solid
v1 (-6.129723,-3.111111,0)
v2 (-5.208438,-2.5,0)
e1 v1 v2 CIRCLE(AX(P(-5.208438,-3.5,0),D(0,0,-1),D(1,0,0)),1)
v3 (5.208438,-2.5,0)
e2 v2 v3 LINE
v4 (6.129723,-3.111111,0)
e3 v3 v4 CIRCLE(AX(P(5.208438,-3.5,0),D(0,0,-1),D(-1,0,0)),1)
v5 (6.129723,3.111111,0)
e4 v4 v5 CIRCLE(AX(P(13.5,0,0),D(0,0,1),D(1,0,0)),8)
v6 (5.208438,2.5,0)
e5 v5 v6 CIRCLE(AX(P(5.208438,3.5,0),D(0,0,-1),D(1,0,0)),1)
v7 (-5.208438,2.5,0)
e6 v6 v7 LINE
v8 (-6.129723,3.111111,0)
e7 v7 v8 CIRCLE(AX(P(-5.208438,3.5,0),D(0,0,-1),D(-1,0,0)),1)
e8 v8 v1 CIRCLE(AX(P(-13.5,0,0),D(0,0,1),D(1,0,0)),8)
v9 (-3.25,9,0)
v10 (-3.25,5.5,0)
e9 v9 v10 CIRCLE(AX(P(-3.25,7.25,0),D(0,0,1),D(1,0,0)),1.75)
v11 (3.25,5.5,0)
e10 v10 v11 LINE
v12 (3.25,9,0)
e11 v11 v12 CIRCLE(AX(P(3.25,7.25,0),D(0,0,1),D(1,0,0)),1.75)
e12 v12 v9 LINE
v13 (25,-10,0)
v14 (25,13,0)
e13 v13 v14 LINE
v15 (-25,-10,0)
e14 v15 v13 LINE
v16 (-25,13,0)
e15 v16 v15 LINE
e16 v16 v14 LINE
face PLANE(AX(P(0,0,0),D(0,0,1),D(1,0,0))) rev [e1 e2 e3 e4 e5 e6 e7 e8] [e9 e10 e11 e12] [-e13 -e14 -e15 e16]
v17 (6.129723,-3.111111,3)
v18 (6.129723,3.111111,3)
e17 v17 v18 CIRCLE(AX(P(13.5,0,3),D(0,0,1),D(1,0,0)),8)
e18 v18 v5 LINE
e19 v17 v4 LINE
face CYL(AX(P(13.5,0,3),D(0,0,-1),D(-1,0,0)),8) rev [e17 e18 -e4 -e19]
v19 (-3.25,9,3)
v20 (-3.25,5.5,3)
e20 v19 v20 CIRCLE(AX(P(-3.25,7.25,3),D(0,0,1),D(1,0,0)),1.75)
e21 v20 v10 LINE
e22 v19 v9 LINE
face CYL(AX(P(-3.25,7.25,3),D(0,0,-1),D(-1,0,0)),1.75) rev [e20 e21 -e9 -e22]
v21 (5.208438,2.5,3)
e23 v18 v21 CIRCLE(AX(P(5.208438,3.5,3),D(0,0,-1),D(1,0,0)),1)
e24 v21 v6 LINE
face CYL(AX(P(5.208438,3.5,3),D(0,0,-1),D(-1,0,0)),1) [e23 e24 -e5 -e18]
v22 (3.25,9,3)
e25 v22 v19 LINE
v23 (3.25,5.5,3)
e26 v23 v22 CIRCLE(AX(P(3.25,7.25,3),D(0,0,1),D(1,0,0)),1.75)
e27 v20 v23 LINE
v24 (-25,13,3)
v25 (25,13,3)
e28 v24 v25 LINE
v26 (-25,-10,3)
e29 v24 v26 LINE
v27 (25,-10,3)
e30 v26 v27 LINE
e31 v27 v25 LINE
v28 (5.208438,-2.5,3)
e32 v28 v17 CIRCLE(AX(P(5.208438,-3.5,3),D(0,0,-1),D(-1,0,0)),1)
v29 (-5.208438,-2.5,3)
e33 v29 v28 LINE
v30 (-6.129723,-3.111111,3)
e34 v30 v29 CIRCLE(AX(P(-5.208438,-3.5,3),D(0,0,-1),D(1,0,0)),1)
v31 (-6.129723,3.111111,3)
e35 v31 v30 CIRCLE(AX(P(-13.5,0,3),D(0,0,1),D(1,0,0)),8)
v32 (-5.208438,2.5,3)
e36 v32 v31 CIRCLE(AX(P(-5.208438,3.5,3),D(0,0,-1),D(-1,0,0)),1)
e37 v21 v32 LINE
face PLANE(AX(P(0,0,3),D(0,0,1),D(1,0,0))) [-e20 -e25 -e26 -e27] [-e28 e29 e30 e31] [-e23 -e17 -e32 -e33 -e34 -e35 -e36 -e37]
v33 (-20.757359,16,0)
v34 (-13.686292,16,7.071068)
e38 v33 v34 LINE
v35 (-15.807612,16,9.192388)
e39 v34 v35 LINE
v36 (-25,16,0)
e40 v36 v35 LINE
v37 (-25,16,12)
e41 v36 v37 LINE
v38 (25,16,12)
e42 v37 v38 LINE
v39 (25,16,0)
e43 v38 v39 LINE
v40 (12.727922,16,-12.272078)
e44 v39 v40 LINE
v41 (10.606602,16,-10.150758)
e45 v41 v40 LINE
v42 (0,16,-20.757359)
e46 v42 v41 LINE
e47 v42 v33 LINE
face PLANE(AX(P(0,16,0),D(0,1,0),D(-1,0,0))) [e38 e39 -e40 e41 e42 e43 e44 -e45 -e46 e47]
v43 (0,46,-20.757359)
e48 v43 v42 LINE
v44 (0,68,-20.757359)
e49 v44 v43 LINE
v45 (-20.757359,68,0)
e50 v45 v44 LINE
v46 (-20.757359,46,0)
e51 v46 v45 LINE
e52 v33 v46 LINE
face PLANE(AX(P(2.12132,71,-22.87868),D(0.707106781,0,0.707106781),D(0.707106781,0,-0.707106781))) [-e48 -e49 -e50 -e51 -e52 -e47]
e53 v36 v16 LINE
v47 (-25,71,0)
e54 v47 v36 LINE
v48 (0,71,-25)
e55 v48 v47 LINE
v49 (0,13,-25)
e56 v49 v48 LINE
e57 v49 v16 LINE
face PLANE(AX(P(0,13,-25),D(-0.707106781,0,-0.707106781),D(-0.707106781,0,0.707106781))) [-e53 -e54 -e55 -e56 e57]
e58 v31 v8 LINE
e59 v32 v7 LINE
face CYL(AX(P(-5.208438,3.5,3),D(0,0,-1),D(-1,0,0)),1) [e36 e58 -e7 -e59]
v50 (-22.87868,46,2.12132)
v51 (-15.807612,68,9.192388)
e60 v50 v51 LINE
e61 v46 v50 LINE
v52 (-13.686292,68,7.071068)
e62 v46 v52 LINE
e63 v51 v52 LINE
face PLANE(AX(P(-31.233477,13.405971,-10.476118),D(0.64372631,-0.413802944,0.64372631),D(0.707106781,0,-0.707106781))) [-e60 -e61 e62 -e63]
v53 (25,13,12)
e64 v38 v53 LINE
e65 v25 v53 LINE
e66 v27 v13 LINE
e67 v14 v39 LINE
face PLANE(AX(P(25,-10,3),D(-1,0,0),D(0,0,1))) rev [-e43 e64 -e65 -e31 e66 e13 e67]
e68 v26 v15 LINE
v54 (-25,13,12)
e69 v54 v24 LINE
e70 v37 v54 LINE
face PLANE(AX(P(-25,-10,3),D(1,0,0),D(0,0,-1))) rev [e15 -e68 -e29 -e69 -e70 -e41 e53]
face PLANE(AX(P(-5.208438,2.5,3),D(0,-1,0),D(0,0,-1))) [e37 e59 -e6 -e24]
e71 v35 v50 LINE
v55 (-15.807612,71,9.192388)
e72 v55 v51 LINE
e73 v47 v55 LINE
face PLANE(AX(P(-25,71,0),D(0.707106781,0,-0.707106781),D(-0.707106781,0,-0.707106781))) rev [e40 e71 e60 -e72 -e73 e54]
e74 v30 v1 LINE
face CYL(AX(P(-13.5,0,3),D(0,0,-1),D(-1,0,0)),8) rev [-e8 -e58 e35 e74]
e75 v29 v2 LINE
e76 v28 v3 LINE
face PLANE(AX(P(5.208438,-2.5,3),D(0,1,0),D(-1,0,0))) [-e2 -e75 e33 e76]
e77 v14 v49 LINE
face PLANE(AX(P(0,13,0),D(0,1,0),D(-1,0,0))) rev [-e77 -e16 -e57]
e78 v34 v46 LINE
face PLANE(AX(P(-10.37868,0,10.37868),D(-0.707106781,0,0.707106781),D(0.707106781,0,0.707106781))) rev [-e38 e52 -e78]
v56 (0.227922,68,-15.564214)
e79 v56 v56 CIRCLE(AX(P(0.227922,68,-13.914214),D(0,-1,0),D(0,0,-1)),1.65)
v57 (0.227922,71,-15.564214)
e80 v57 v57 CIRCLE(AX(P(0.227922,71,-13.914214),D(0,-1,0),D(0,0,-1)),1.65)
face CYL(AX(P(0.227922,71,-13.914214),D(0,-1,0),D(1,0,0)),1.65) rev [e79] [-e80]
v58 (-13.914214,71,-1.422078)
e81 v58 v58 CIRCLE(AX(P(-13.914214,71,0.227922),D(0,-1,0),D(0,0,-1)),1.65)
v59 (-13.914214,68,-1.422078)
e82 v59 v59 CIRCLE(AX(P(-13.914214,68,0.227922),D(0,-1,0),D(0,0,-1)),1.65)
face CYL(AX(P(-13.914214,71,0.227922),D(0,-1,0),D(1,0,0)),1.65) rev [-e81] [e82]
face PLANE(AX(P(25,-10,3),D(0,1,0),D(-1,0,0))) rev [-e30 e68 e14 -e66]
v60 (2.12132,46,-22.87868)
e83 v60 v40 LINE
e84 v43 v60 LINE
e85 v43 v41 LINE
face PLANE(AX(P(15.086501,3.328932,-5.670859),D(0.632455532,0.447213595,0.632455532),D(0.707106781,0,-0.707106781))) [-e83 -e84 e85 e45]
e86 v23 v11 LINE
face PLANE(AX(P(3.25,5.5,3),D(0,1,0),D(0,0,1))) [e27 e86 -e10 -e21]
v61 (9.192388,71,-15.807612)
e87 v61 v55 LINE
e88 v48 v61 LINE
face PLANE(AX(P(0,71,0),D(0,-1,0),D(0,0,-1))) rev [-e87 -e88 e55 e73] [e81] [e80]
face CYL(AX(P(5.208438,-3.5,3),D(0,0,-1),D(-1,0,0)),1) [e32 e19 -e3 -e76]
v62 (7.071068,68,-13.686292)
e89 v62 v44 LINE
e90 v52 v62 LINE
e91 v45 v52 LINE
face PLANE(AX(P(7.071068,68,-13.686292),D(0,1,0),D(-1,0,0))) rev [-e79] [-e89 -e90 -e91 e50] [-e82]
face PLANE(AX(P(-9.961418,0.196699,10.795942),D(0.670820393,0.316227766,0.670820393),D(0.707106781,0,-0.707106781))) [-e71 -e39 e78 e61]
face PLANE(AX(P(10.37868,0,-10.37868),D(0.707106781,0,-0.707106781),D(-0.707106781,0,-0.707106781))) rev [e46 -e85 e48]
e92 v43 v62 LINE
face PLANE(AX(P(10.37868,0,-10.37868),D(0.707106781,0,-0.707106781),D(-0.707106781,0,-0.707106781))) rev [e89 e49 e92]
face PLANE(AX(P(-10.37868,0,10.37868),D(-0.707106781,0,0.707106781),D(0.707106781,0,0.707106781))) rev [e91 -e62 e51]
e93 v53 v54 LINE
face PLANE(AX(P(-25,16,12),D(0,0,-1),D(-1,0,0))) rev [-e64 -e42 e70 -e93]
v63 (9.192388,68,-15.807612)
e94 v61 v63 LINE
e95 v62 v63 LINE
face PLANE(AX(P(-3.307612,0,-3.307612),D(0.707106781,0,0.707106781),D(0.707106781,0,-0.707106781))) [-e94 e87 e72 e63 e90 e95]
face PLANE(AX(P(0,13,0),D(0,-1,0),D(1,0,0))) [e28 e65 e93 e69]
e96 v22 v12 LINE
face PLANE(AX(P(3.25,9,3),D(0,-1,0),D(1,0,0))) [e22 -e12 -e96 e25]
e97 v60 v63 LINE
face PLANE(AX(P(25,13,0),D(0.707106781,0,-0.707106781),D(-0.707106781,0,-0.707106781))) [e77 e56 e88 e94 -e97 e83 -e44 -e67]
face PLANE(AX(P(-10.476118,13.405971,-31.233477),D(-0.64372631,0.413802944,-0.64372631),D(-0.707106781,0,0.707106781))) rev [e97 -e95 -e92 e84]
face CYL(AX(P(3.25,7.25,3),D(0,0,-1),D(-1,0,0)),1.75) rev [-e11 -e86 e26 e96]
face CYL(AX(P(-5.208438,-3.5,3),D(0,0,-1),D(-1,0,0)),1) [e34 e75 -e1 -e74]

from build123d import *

# Parameters (mm, degrees)
SKETCH_1_W          = 50
SKETCH_1_H          = 20
EXTRUDE_1_DEPTH     = 3
SKETCH_2_W          = 50
SKETCH_2_H          = 12
EXTRUDE_2_DEPTH     = 6
SKETCH_5_W          = 50
SKETCH_5_H          = 9
CUT_EXTRUDE_2_DEPTH = 3
EXTRUDE_3_DEPTH     = 3
EXTRUDE_4_DEPTH     = 55
SKETCH_12_W         = 32.35533906
SKETCH_12_H         = 3
EXTRUDE_6_DEPTH     = 10
EXTRUDE_7_DEPTH     = 3
EXTRUDE_8_DEPTH     = 3
SKETCH_15_R         = 1.65
CUT_EXTRUDE_3_DEPTH = 3


with BuildPart() as part:
    # 草图1 → 凸台-拉伸1 (new body)
    with BuildSketch(Plane.XY):
        Rectangle(SKETCH_1_W, SKETCH_1_H)
        with BuildLine():
            Line((-5.208438024, 2.5), (5.208438024, 2.5))
            ThreePointArc((5.208438024, 2.5), (5.761208823, 2.666666667), (6.129722688, 3.111111111))
            ThreePointArc((6.129722688, 3.111111111), (21.5, 0), (6.129722688, -3.111111111))
            ThreePointArc((6.129722688, -3.111111111), (5.761208823, -2.666666667), (5.208438024, -2.5))
            Line((5.208438024, -2.5), (-5.208438024, -2.5))
            ThreePointArc((-5.208438024, -2.5), (-5.761208823, -2.666666667), (-6.129722688, -3.111111111))
            ThreePointArc((-6.129722688, -3.111111111), (-21.5, 0), (-6.129722688, 3.111111111))
            ThreePointArc((-6.129722688, 3.111111111), (-5.761208823, 2.666666667), (-5.208438024, 2.5))
        make_face(mode=Mode.SUBTRACT)
        with BuildLine():
            Line((3.25, 5.5), (-3.25, 5.5))
            ThreePointArc((-3.25, 5.5), (-5, 7.25), (-3.25, 9))
            Line((-3.25, 9), (3.25, 9))
            ThreePointArc((3.25, 9), (5, 7.25), (3.25, 5.5))
        make_face(mode=Mode.SUBTRACT)
    extrude(amount=EXTRUDE_1_DEPTH)

    # 草图2 → 凸台-拉伸2 (add)
    with BuildSketch(Plane(origin=(0, 10, 0), x_dir=(1, 0, 0), z_dir=(0, 1, 0))):
        with Locations((0, -6)):
            Rectangle(SKETCH_2_W, SKETCH_2_H)
    extrude(amount=EXTRUDE_2_DEPTH)

    # 草图5 → 切除-拉伸2 (cut)
    with BuildSketch(Plane.XZ.offset(-10)):
        with Locations((0, 7.5)):
            Rectangle(SKETCH_5_W, SKETCH_5_H)
    extrude(amount=-CUT_EXTRUDE_2_DEPTH, mode=Mode.SUBTRACT)

    # 草图9 → 凸台-拉伸3 (add)
    with BuildSketch(Plane(origin=(0, 16, 0), x_dir=(1, 0, 0), z_dir=(0, 1, 0))):
        Polygon((25, 0), (0, 25), (-25, 0), align=None)
    extrude(amount=-EXTRUDE_3_DEPTH)

    # 草图11 → 凸台-拉伸4 (add)
    with BuildSketch(Plane(origin=(0, 16, 0), x_dir=(1, 0, 0), z_dir=(0, 1, 0))):
        Polygon((0, 25), (2.121320344, 22.878679656), (-22.878679656, -2.121320344), (-25, 0), align=None)
    extrude(amount=EXTRUDE_4_DEPTH)

    # 草图12 → 凸台-拉伸6 (add)
    with BuildSketch(Plane(origin=(-10.378679656, 0, -10.378679656), x_dir=(0.707106781, 0, -0.707106781), z_dir=(0.707106781, 0, 0.707106781))):
        with Locations((-1.5, 69.5)):
            Rectangle(SKETCH_12_W, SKETCH_12_H)
    extrude(amount=EXTRUDE_6_DEPTH)

    # 草图13 → 凸台-拉伸7 (add)
    with BuildSketch(Plane(origin=(12.5, 0, -12.5), x_dir=(-0.707106781, 0, -0.707106781), z_dir=(0.707106781, 0, -0.707106781))):
        Polygon((14.67766953, 16), (14.67766953, 46), (-0.32233047, 16), align=None)
        Polygon((14.67766953, 46), (14.67766953, 71), (4.67766953, 71), (4.67766953, 68), align=None)
    extrude(amount=-EXTRUDE_7_DEPTH)

    # 草图14 → 凸台-拉伸8 (add)
    with BuildSketch(Plane(origin=(-12.5, 0, 12.5), x_dir=(0.707106781, 0, 0.707106781), z_dir=(-0.707106781, 0, 0.707106781))):
        Polygon((-14.67766953, 46), (-14.67766953, 16), (-4.67766953, 16), align=None)
        Polygon((-14.67766953, 68), (-14.67766953, 46), (-4.67766953, 68), align=None)
    extrude(amount=-EXTRUDE_8_DEPTH)

    # 草图15 → 切除-拉伸3 (cut)
    with BuildSketch(Plane.XZ.offset(-68)):
        with Locations((0.227922061, -13.914213562)):
            Circle(SKETCH_15_R)
        with Locations((-13.914213562, 0.227922061)):
            Circle(SKETCH_15_R)
    extrude(amount=-CUT_EXTRUDE_3_DEPTH, mode=Mode.SUBTRACT)


solid = part.part
